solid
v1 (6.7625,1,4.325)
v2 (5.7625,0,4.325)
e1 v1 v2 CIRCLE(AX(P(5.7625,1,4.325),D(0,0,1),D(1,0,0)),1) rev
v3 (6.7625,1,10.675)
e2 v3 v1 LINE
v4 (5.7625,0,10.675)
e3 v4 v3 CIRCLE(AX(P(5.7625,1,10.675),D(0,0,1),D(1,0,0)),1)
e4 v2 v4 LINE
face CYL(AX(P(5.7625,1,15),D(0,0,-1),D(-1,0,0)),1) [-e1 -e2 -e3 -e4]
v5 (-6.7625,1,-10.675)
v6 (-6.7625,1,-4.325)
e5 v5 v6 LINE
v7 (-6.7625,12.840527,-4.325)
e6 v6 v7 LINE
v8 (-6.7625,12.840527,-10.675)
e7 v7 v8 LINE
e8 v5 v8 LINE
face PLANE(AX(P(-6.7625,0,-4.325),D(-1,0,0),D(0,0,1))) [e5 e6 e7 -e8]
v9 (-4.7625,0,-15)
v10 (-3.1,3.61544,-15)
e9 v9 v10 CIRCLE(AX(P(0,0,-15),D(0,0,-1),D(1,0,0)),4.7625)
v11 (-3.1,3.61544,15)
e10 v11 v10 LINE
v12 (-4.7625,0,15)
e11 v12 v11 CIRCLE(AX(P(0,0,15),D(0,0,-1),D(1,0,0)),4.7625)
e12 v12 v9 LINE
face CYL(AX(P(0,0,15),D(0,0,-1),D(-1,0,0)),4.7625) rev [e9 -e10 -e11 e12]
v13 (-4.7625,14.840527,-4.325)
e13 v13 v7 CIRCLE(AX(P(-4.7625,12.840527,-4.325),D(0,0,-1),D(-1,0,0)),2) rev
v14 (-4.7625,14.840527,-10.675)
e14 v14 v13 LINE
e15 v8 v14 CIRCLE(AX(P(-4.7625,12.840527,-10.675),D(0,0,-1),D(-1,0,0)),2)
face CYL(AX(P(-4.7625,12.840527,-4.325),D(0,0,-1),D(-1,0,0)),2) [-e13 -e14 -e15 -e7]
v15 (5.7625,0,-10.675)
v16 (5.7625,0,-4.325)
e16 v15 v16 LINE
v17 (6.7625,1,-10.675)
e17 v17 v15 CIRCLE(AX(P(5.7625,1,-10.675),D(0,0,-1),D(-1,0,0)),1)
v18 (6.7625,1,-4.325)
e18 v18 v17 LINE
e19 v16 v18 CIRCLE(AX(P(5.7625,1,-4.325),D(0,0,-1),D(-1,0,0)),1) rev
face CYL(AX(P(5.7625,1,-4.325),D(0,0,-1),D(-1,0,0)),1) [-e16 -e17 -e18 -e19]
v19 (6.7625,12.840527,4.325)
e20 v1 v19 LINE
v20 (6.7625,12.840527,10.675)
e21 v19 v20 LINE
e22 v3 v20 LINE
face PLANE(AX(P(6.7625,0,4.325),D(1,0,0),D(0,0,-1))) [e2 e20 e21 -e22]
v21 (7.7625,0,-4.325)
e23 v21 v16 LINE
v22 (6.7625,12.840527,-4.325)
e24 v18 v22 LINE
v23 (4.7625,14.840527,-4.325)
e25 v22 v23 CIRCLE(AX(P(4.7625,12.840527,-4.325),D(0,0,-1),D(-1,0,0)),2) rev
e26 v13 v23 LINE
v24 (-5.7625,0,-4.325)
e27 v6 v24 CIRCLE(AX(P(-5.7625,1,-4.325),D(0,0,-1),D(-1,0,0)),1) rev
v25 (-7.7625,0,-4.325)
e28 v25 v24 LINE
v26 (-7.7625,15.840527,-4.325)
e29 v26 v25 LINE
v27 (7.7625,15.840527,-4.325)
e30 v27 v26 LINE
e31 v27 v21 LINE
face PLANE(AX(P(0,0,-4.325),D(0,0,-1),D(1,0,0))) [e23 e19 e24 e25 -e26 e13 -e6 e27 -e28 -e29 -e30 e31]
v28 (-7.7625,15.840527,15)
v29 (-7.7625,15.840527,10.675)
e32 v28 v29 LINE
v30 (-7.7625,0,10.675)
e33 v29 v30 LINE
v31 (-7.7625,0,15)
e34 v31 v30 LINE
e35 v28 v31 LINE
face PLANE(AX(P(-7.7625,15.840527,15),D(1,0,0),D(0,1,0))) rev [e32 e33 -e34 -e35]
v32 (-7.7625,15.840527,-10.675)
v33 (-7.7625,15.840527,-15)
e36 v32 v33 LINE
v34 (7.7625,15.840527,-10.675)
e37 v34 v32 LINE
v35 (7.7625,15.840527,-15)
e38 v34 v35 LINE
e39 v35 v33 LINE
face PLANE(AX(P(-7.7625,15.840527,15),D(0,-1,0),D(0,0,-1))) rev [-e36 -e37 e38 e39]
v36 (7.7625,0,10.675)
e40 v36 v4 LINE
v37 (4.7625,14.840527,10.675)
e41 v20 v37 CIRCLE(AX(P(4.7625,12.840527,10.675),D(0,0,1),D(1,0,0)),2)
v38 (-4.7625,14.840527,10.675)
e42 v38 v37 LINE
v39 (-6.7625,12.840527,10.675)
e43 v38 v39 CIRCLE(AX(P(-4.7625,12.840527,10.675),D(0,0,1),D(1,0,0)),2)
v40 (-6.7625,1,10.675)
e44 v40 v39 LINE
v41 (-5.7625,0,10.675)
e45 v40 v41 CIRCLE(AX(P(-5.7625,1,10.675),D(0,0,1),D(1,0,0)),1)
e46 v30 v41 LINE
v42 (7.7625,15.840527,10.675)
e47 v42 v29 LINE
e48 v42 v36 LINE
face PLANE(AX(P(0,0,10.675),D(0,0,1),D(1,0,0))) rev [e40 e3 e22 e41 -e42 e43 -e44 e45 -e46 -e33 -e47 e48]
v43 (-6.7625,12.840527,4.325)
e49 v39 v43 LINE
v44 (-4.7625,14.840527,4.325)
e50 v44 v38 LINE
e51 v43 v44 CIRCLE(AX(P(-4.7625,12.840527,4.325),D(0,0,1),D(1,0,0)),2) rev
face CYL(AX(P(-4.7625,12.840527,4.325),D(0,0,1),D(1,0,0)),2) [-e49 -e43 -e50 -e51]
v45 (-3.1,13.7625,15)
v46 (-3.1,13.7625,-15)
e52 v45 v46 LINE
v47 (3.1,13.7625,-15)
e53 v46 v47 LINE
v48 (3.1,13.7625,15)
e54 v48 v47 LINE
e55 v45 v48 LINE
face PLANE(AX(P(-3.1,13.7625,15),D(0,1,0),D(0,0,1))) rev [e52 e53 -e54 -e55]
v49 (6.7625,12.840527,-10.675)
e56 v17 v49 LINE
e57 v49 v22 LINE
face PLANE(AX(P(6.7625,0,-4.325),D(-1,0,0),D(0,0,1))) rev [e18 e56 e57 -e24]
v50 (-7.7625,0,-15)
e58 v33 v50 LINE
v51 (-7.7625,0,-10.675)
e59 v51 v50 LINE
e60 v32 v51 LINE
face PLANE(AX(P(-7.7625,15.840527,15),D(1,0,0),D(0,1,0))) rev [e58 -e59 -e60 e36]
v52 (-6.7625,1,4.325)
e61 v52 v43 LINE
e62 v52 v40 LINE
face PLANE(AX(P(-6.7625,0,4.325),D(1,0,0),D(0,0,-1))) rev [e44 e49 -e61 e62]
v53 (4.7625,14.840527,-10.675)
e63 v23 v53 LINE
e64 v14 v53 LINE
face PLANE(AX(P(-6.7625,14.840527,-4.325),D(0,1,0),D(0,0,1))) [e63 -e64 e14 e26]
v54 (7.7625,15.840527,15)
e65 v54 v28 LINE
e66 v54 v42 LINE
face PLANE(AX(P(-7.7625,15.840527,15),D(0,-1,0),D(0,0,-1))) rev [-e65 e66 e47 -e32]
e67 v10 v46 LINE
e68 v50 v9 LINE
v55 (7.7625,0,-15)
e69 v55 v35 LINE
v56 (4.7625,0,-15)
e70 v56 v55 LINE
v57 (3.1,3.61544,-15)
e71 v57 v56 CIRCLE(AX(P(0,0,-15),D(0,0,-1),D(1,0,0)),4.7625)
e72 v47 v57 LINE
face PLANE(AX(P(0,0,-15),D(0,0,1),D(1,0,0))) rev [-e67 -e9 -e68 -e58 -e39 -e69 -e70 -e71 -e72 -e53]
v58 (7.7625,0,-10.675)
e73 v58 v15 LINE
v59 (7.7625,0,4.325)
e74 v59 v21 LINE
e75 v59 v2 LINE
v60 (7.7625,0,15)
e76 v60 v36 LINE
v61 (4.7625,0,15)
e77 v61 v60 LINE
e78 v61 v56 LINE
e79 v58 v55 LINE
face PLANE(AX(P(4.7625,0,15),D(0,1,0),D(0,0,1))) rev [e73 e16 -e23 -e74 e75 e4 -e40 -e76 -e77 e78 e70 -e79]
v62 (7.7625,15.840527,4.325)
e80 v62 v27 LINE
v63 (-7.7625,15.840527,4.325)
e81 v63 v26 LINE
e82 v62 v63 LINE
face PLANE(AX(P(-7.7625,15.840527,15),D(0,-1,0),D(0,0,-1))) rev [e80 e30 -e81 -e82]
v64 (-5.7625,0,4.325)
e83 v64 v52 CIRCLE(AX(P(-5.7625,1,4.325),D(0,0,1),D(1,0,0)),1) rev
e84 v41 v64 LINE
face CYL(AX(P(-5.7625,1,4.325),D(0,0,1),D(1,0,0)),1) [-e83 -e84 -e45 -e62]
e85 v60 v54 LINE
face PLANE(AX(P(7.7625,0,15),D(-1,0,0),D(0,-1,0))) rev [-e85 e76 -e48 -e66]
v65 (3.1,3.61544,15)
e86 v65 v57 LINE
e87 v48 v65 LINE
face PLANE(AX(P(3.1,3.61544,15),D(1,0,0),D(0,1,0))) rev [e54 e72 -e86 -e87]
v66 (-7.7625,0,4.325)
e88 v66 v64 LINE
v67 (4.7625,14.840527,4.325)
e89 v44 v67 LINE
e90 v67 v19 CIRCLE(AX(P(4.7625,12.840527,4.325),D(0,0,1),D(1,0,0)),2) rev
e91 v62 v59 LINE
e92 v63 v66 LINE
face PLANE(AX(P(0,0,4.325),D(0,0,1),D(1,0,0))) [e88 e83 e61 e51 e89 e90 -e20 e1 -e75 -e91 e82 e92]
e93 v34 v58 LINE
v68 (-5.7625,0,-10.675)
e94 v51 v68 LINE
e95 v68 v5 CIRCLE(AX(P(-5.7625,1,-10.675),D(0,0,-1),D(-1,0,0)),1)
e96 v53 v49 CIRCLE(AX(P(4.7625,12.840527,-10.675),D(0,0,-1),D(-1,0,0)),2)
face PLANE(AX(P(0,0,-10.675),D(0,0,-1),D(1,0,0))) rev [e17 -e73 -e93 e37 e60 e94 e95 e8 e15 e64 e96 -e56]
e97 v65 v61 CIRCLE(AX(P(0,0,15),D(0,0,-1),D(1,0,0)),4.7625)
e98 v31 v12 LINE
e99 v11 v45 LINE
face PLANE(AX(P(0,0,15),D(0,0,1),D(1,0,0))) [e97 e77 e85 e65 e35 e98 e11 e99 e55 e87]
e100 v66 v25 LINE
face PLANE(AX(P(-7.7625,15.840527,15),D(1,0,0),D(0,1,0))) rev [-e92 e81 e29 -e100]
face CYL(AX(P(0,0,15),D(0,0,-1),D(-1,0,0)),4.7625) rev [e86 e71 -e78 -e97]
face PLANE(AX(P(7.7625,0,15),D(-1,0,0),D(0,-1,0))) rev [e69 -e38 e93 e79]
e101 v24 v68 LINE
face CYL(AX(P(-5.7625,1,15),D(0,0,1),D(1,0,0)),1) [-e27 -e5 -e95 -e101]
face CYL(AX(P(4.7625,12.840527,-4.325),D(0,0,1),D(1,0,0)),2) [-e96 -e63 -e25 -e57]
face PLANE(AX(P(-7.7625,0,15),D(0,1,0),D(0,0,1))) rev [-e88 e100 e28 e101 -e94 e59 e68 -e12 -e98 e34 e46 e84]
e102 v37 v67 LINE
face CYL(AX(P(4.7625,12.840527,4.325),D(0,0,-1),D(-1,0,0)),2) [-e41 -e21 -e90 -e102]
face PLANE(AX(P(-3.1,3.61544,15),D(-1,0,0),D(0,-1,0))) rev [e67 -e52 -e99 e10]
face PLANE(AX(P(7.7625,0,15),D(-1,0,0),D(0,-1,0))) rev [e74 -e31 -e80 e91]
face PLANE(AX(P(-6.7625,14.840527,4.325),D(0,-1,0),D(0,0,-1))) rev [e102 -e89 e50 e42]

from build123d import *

# Parameters (mm, degrees)
BOSS_EXTRUDE1_DEPTH  = 15
CUT_EXTRUDE1_DEPTH   = 3.175
MIRROR4_COPY_1_DEPTH = 3.175
FILLET1_R            = 2
FILLET2_R            = 1


with BuildPart() as part:
    # Sketch1 → Boss-Extrude1 (new, symmetric)
    with BuildSketch(Plane.XY):
        with BuildLine():
            Line((-3.1, 3.61543998), (-3.1, 13.7625))
            Line((-3.1, 13.7625), (3.1, 13.7625))
            Line((3.1, 13.7625), (3.1, 3.61543998))
            ThreePointArc((3.1, 3.61543998), (4.326959455, 1.989680408), (4.7625, 0))
            Line((4.7625, 0), (7.7625, 0))
            Line((7.7625, 0), (7.7625, 15.84052737))
            Line((7.7625, 15.84052737), (-7.7625, 15.84052737))
            Line((-7.7625, 15.84052737), (-7.7625, 0))
            Line((-7.7625, 0), (-4.7625, 0))
            ThreePointArc((-4.7625, 0), (-4.326959455, 1.989680408), (-3.1, 3.61543998))
        make_face()
    extrude(amount=BOSS_EXTRUDE1_DEPTH, both=True)

    # Sketch2 → Cut-Extrude1 (cut, symmetric)
    with BuildSketch(Plane.XY.offset(7.5)):
        Polygon((-7.7625, 15.84052737), (-7.7625, 0), (-6.7625, 0), (-6.7625, 14.84052737), (0, 14.84052737), (0, 15.84052737), align=None)
    cut_extrude1 = extrude(amount=CUT_EXTRUDE1_DEPTH, both=True, mode=Mode.SUBTRACT)

    # Mirror3: Cut-Extrude1 across plane
    add(cut_extrude1.mirror(Plane(origin=(0, 0, 0), x_dir=(0, 0, 1), z_dir=(1, 0, 0))), mode=Mode.SUBTRACT)

    # Mirror4: Cut-Extrude1 across plane
    add(cut_extrude1.mirror(Plane.XY), mode=Mode.SUBTRACT)

    # Mirror4 copy 1 sketch → Mirror4 copy 1 (cut, symmetric)
    with BuildSketch(Plane(origin=(0, 0, -7.5), x_dir=(-1, 0, 0), z_dir=(0, 0, -1))):
        Polygon((-7.7625, 15.84052737), (-7.7625, 0), (-6.7625, 0), (-6.7625, 14.84052737), (0, 14.84052737), (0, 15.84052737), align=None)
    extrude(amount=MIRROR4_COPY_1_DEPTH, both=True, mode=Mode.SUBTRACT)

    # Fillet1
    fillet1_edges = [part.edges().sort_by_distance(p)[0] for p in [
        (-6.7625, 14.84052737, 7.5),
        (6.7625, 14.84052737, 7.5),
        (-6.7625, 14.84052737, -7.5),
        (6.7625, 14.84052737, -7.5),
    ]]
    fillet(fillet1_edges, radius=FILLET1_R)

    # Fillet2
    fillet2_edges = [part.edges().sort_by_distance(p)[0] for p in [
        (-6.7625, 0, 7.5),
        (6.7625, 0, 7.5),
        (-6.7625, 0, -7.5),
        (6.7625, 0, -7.5),
    ]]
    fillet(fillet2_edges, radius=FILLET2_R)


solid = part.part
